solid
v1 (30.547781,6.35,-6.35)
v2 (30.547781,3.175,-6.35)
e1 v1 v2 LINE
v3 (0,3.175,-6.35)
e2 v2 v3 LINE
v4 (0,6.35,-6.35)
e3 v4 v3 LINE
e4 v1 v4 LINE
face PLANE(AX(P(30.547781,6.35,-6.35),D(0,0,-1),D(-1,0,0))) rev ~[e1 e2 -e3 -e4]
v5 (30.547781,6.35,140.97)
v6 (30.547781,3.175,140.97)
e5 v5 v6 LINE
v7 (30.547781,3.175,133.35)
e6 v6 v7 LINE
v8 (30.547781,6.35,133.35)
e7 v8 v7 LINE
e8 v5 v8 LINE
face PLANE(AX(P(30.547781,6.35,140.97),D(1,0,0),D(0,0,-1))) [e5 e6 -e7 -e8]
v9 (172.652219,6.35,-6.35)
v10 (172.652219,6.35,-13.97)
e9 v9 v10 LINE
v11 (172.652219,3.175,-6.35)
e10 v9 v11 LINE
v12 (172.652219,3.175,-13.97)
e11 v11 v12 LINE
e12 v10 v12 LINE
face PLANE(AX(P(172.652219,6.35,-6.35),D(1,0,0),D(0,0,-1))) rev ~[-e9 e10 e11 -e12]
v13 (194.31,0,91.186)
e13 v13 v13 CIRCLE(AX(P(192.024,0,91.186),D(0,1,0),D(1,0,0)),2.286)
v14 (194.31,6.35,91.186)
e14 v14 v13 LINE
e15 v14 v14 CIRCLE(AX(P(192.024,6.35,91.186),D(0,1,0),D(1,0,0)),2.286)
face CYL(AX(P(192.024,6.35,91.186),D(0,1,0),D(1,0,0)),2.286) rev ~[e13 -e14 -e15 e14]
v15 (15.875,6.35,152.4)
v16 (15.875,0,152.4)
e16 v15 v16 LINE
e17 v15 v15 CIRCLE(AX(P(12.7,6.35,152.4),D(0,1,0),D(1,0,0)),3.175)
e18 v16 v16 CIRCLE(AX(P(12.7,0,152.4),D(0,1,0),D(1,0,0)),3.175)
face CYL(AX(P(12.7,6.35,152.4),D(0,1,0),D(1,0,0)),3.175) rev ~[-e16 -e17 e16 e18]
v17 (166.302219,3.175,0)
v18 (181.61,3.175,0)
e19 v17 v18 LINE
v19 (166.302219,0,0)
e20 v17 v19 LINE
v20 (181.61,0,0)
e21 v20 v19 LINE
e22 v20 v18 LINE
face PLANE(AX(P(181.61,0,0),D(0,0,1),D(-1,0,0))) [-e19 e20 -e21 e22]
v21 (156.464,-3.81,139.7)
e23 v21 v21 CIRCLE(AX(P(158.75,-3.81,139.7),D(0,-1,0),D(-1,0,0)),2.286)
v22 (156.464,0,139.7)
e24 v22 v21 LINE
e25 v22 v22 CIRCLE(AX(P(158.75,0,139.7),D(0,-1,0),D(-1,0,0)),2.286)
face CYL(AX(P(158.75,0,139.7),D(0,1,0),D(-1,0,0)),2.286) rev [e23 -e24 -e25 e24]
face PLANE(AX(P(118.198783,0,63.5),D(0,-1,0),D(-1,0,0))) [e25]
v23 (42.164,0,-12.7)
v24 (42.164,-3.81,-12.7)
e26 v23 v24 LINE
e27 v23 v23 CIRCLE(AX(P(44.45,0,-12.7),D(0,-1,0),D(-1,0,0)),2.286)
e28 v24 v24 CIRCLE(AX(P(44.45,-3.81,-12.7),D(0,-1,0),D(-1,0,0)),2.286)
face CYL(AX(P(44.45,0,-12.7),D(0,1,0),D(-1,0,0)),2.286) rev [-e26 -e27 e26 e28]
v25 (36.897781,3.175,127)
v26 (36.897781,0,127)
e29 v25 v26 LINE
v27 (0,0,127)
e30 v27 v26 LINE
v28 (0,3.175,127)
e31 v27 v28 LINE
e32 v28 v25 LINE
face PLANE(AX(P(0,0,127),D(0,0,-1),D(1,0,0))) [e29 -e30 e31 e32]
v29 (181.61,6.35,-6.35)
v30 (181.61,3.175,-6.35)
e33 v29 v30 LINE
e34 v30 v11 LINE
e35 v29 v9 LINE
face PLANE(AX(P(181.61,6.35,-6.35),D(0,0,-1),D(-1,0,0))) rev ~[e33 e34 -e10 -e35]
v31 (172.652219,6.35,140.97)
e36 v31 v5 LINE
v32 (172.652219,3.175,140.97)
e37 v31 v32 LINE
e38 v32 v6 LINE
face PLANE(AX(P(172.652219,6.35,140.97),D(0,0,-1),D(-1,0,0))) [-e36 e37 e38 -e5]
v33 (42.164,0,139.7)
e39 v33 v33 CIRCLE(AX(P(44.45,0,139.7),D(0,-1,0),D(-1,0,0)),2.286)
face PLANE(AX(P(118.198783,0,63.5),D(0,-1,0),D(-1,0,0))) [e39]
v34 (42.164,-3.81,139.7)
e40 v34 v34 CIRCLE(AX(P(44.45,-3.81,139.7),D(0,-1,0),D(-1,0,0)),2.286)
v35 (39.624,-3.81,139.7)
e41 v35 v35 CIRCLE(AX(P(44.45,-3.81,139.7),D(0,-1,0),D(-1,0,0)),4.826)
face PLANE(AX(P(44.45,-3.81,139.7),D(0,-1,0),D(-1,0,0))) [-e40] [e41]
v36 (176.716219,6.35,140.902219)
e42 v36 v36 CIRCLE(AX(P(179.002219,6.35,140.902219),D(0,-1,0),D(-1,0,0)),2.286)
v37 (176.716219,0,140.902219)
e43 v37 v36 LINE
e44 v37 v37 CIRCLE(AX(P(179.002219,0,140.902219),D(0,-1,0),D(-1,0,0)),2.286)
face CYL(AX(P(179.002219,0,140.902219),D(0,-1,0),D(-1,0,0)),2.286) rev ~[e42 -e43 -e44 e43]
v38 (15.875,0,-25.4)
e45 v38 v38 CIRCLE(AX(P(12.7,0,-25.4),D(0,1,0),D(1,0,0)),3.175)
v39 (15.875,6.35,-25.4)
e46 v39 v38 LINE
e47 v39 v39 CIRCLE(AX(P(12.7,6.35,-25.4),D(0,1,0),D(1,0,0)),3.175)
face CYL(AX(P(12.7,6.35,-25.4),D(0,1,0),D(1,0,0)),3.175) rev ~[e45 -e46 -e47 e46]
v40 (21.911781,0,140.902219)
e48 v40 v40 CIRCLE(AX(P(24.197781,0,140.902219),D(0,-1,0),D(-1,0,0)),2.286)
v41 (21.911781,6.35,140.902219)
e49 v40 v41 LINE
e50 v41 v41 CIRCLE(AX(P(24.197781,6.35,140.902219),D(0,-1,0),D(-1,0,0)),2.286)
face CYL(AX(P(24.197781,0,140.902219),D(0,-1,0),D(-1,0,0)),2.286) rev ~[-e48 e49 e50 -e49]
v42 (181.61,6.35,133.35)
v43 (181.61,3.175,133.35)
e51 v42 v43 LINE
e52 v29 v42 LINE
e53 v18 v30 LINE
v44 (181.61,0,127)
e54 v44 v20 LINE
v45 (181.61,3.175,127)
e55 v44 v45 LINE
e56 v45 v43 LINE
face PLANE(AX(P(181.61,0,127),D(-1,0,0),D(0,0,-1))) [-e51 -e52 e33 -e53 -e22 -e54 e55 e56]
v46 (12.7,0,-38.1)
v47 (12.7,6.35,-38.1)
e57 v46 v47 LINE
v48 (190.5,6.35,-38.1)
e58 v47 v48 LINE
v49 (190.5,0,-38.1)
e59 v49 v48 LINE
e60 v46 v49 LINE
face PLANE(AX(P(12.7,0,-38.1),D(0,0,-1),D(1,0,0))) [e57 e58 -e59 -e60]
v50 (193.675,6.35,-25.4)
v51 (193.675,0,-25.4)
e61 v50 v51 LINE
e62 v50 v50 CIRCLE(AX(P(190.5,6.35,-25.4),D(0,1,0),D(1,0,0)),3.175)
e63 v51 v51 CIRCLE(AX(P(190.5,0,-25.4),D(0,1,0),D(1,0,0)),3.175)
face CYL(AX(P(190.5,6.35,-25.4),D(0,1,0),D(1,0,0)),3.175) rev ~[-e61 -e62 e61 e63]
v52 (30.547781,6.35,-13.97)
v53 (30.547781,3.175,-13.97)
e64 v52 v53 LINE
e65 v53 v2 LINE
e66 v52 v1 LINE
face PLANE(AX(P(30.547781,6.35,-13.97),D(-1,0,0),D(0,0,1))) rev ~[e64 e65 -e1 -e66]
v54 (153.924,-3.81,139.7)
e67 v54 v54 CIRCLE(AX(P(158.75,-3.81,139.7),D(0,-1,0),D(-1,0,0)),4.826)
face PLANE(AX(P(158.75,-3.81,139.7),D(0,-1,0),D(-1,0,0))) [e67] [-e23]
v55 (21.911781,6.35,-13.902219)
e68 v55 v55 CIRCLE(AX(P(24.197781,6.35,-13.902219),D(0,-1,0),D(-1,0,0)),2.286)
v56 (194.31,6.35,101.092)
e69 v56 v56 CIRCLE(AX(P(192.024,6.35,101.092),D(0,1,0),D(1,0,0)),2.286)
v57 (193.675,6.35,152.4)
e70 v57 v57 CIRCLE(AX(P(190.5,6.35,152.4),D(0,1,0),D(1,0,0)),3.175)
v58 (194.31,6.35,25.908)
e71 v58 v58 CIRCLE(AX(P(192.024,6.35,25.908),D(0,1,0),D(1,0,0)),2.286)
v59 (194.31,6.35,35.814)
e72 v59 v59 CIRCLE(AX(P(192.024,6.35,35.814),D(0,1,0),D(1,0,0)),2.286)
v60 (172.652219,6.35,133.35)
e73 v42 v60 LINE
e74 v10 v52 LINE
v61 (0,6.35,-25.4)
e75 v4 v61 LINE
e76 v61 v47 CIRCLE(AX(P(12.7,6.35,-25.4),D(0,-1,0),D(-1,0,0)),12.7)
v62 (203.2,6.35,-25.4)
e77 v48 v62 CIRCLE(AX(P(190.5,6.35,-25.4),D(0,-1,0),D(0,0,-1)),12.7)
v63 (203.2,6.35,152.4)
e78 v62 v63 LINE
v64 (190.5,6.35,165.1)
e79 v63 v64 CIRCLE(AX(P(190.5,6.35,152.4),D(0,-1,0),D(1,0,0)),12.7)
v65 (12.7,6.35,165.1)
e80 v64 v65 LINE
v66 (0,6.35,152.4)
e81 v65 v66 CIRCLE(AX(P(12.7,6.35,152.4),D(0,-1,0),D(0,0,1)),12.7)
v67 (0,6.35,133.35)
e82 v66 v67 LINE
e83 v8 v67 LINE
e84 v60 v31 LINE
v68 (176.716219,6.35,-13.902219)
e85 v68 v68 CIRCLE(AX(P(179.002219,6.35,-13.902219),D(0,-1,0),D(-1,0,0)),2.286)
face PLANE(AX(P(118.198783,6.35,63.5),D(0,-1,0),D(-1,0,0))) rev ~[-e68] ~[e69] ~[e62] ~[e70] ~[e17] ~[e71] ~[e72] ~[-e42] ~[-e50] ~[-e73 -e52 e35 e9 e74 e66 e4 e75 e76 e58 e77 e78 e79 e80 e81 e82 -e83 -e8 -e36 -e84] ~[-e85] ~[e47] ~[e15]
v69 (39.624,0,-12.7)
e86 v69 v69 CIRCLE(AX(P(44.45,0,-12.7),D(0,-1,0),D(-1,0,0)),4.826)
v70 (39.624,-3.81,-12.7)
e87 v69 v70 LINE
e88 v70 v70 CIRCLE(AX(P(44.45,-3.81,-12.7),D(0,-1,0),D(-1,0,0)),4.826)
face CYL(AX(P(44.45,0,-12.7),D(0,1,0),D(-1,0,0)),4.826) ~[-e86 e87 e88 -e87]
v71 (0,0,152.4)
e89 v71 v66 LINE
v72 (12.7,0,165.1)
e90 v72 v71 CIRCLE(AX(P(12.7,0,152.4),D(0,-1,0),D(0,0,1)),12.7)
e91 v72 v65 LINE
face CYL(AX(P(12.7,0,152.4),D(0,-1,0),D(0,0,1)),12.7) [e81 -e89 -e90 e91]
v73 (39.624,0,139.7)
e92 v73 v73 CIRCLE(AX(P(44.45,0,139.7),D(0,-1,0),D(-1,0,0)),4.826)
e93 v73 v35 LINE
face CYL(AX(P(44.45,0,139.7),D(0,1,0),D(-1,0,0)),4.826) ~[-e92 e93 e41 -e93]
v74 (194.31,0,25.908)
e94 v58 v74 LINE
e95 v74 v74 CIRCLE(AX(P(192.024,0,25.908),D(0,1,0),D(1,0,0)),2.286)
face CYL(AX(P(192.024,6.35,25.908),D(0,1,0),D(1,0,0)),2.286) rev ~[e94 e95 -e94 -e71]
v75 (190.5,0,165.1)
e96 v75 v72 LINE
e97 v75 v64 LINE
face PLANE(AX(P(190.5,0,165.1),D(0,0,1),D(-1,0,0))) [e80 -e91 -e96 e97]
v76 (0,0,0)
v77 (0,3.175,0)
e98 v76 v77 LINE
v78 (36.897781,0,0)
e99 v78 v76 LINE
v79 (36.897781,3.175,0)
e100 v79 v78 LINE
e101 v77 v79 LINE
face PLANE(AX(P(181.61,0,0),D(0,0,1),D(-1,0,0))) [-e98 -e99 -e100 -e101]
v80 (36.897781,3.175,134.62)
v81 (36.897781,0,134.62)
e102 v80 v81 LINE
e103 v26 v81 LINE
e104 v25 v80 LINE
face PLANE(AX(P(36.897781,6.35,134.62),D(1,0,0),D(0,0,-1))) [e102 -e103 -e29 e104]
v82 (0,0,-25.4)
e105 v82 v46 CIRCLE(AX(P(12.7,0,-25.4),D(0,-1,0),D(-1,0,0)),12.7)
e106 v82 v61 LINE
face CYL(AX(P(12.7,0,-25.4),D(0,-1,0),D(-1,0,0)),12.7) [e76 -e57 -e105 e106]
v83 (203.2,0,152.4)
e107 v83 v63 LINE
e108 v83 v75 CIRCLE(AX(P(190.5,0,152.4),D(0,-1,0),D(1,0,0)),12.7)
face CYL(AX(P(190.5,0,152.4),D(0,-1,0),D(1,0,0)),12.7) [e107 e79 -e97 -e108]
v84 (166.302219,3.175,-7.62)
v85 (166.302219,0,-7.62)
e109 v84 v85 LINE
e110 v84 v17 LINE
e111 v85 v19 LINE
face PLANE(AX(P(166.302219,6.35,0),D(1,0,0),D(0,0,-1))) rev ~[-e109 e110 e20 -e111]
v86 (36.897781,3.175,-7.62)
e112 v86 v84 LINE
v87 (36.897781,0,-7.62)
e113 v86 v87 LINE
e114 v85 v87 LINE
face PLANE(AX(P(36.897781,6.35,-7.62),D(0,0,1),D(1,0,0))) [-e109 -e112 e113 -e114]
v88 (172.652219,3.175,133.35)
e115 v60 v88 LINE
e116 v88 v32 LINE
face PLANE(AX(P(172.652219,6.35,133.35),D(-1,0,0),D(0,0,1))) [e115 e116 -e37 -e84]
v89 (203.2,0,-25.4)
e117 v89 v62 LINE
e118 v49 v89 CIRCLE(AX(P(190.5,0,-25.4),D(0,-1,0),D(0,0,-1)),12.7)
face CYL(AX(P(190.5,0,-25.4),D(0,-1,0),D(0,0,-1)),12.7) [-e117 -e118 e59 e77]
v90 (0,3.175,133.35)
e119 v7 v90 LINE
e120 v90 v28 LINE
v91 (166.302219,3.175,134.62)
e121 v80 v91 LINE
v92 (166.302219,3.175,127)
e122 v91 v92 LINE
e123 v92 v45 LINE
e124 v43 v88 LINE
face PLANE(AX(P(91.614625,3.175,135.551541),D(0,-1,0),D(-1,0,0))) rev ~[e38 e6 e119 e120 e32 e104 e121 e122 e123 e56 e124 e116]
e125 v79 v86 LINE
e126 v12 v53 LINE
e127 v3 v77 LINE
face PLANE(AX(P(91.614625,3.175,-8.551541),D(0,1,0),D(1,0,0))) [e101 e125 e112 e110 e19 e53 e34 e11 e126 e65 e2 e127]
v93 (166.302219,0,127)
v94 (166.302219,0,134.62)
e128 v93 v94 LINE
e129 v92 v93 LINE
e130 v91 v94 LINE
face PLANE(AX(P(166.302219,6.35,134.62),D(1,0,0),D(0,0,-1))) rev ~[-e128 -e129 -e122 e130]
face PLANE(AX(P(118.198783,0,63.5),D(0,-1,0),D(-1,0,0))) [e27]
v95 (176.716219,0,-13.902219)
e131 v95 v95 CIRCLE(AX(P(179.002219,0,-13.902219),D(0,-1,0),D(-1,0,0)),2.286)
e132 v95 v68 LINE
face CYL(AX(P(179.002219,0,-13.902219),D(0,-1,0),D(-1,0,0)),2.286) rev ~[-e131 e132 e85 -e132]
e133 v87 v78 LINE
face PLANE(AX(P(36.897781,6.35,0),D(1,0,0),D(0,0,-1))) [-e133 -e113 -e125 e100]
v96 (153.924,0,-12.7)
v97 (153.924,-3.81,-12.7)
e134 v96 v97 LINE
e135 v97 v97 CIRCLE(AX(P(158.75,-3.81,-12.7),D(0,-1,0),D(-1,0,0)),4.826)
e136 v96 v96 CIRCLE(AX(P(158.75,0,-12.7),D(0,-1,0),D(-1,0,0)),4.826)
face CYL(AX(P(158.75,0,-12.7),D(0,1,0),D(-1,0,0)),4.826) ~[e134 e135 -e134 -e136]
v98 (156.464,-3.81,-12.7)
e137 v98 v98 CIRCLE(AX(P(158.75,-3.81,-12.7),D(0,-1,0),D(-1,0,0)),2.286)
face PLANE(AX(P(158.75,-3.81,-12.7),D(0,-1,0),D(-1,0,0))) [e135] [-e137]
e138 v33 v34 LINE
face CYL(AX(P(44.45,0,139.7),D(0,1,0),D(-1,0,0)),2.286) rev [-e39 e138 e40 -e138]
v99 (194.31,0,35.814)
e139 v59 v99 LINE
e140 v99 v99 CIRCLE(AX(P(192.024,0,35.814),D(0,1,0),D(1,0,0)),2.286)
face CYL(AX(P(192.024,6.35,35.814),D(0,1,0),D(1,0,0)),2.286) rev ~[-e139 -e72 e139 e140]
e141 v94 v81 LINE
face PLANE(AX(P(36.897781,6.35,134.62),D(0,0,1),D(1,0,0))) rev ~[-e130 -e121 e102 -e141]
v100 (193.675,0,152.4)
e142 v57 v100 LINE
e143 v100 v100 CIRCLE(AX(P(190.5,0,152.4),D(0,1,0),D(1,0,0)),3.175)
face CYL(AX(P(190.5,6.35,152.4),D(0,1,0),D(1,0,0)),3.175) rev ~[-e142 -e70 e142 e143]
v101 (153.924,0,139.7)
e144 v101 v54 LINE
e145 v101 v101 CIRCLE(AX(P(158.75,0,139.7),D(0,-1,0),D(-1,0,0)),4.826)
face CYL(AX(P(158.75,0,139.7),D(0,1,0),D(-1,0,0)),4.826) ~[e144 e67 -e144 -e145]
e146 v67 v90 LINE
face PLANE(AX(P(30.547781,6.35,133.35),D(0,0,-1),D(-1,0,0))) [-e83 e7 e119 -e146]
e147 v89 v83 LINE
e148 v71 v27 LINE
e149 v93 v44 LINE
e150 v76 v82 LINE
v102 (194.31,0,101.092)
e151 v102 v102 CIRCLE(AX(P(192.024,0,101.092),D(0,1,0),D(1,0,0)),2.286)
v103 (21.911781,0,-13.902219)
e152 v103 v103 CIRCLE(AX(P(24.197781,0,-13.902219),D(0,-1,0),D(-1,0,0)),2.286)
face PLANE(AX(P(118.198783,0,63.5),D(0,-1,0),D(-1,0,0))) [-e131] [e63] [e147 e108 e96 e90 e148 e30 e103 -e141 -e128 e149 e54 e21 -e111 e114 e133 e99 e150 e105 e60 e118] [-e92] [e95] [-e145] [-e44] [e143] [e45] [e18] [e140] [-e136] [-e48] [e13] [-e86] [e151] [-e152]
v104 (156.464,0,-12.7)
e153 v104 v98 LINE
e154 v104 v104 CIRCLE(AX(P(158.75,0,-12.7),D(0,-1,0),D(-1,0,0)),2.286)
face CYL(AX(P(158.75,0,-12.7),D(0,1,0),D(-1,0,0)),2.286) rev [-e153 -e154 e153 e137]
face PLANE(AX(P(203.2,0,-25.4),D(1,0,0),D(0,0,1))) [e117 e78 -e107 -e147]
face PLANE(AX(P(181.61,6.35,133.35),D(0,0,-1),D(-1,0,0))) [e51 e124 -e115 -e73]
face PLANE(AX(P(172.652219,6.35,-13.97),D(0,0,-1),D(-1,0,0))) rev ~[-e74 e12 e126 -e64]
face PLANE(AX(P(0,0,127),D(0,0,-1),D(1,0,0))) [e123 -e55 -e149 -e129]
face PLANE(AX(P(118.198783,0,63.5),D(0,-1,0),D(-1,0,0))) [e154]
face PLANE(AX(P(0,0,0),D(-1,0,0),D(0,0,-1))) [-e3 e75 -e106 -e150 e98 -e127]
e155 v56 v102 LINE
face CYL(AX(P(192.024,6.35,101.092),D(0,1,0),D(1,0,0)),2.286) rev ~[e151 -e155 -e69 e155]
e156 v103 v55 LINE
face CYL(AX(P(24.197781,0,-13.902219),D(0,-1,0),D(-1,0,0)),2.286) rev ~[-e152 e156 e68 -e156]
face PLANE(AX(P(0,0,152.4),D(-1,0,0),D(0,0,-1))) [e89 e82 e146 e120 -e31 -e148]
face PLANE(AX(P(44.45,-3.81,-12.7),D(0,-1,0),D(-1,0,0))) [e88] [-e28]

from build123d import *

# Parameters (mm, degrees)
BOSS_EXTRUDE2_DEPTH = 6.35
SKETCH2_R           = 3.175
CUT_EXTRUDE1_DEPTH  = 7.35
SKETCH7_R           = 2.286
CUT_EXTRUDE3_DEPTH  = 12.7
SKETCH8_R           = 2.286
CUT_EXTRUDE4_DEPTH  = 7.35
SKETCH9_W           = 129.404437756
SKETCH9_H           = 7.62
CUT_EXTRUDE5_DEPTH  = 7.35
SKETCH10_R          = 4.826
SKETCH10_R_2        = 2.286
BOSS_EXTRUDE3_DEPTH = 3.81
CUT_EXTRUDE6_DEPTH  = 3.175


with BuildPart() as part:
    # Sketch1 → Boss-Extrude2 (new body)
    with BuildSketch(Plane(origin=(0, 0, 0), x_dir=(1, 0, 0), z_dir=(0, 1, 0))):
        with BuildLine():
            Line((0, 0), (0, 25.4))
            ThreePointArc((0, 25.4), (3.719743879, 34.380256121), (12.7, 38.1))
            Line((12.7, 38.1), (190.5, 38.1))
            ThreePointArc((190.5, 38.1), (199.480256121, 34.380256121), (203.2, 25.4))
            Line((203.2, 25.4), (203.2, -152.4))
            ThreePointArc((203.2, -152.4), (199.480256121, -161.380256121), (190.5, -165.1))
            Line((190.5, -165.1), (12.7, -165.1))
            ThreePointArc((12.7, -165.1), (3.719743879, -161.380256121), (0, -152.4))
            Line((0, -152.4), (0, -127))
            Line((0, -127), (181.61, -127))
            Line((181.61, -127), (181.61, 0))
            Line((181.61, 0), (0, 0))
        make_face()
    extrude(amount=BOSS_EXTRUDE2_DEPTH)

    # Sketch2 → Cut-Extrude1 (cut, through all)
    with BuildSketch(Plane(origin=(0, 6.35, 0), x_dir=(1, 0, 0), z_dir=(0, 1, 0))):
        with Locations((12.7, 25.4)):
            Circle(SKETCH2_R)
        with Locations((190.5, 25.4)):
            Circle(SKETCH2_R)
        with Locations((190.5, -152.4)):
            Circle(SKETCH2_R)
        with Locations((12.7, -152.4)):
            Circle(SKETCH2_R)
    extrude(amount=-CUT_EXTRUDE1_DEPTH, mode=Mode.SUBTRACT)

    # Sketch7 → Cut-Extrude3 (cut)
    with BuildSketch(Plane(origin=(0, 6.35, 0), x_dir=(1, 0, 0), z_dir=(0, 1, 0))):
        with Locations((192.024, -101.092)):
            Circle(SKETCH7_R)
        with Locations((192.024, -91.186)):
            Circle(SKETCH7_R)
        with Locations((192.024, -35.814)):
            Circle(SKETCH7_R)
        with Locations((192.024, -25.908)):
            Circle(SKETCH7_R)
    extrude(amount=-CUT_EXTRUDE3_DEPTH, mode=Mode.SUBTRACT)

    # Sketch8 → Cut-Extrude4 (cut, through all)
    with BuildSketch(Plane(origin=(0, 0, 0), x_dir=(-1, 0, 0), z_dir=(0, -1, 0))):
        with Locations((-24.197781122, 13.902218878)):
            Circle(SKETCH8_R)
        with Locations((-24.197781122, -140.902218878)):
            Circle(SKETCH8_R)
        with Locations((-179.002218878, -140.902218878)):
            Circle(SKETCH8_R)
        with Locations((-179.002218878, 13.902218878)):
            Circle(SKETCH8_R)
    extrude(amount=-CUT_EXTRUDE4_DEPTH, mode=Mode.SUBTRACT)

    # Sketch9 → Cut-Extrude5 (cut, through all)
    with BuildSketch(Plane(origin=(0, 6.35, 0), x_dir=(1, 0, 0), z_dir=(0, 1, 0))):
        with Locations((101.6, 3.81)):
            Rectangle(SKETCH9_W, SKETCH9_H)
        with Locations((101.6, -130.81)):
            Rectangle(SKETCH9_W, SKETCH9_H)
    extrude(amount=-CUT_EXTRUDE5_DEPTH, mode=Mode.SUBTRACT)

    # Sketch10 → Boss-Extrude3 (add)
    with BuildSketch(Plane(origin=(0, 0, 0), x_dir=(-1, 0, 0), z_dir=(0, -1, 0))):
        with Locations((-44.45, 12.7)):
            Circle(SKETCH10_R)
        with Locations((-44.45, 12.7)):
            Circle(SKETCH10_R_2, mode=Mode.SUBTRACT)
        with Locations((-158.75, 12.7)):
            Circle(SKETCH10_R)
        with Locations((-158.75, 12.7)):
            Circle(SKETCH10_R_2, mode=Mode.SUBTRACT)
        with Locations((-158.75, -139.7)):
            Circle(SKETCH10_R)
        with Locations((-158.75, -139.7)):
            Circle(SKETCH10_R_2, mode=Mode.SUBTRACT)
        with Locations((-44.45, -139.7)):
            Circle(SKETCH10_R)
        with Locations((-44.45, -139.7)):
            Circle(SKETCH10_R_2, mode=Mode.SUBTRACT)
    extrude(amount=BOSS_EXTRUDE3_DEPTH)

    # Sketch11 → Cut-Extrude6 (cut)
    with BuildSketch(Plane(origin=(0, 6.35, 0), x_dir=(1, 0, 0), z_dir=(0, 1, 0))):
        Polygon((0, 0), (36.897781122, 0), (36.897781122, 7.62), (166.302218878, 7.62), (166.302218878, 0), (181.61, 0), (181.61, 6.35), (172.652218878, 6.35), (172.652218878, 13.97), (30.547781122, 13.97), (30.547781122, 6.35), (0, 6.35), align=None)
        Polygon((0, -133.35), (0, -127), (36.897781122, -127), (36.897781122, -134.62), (166.302218878, -134.62), (166.302218878, -127), (181.61, -127), (181.61, -133.35), (172.652218878, -133.35), (172.652218878, -140.97), (30.547781122, -140.97), (30.547781122, -133.35), align=None)
    extrude(amount=-CUT_EXTRUDE6_DEPTH, mode=Mode.SUBTRACT)


solid = part.part
